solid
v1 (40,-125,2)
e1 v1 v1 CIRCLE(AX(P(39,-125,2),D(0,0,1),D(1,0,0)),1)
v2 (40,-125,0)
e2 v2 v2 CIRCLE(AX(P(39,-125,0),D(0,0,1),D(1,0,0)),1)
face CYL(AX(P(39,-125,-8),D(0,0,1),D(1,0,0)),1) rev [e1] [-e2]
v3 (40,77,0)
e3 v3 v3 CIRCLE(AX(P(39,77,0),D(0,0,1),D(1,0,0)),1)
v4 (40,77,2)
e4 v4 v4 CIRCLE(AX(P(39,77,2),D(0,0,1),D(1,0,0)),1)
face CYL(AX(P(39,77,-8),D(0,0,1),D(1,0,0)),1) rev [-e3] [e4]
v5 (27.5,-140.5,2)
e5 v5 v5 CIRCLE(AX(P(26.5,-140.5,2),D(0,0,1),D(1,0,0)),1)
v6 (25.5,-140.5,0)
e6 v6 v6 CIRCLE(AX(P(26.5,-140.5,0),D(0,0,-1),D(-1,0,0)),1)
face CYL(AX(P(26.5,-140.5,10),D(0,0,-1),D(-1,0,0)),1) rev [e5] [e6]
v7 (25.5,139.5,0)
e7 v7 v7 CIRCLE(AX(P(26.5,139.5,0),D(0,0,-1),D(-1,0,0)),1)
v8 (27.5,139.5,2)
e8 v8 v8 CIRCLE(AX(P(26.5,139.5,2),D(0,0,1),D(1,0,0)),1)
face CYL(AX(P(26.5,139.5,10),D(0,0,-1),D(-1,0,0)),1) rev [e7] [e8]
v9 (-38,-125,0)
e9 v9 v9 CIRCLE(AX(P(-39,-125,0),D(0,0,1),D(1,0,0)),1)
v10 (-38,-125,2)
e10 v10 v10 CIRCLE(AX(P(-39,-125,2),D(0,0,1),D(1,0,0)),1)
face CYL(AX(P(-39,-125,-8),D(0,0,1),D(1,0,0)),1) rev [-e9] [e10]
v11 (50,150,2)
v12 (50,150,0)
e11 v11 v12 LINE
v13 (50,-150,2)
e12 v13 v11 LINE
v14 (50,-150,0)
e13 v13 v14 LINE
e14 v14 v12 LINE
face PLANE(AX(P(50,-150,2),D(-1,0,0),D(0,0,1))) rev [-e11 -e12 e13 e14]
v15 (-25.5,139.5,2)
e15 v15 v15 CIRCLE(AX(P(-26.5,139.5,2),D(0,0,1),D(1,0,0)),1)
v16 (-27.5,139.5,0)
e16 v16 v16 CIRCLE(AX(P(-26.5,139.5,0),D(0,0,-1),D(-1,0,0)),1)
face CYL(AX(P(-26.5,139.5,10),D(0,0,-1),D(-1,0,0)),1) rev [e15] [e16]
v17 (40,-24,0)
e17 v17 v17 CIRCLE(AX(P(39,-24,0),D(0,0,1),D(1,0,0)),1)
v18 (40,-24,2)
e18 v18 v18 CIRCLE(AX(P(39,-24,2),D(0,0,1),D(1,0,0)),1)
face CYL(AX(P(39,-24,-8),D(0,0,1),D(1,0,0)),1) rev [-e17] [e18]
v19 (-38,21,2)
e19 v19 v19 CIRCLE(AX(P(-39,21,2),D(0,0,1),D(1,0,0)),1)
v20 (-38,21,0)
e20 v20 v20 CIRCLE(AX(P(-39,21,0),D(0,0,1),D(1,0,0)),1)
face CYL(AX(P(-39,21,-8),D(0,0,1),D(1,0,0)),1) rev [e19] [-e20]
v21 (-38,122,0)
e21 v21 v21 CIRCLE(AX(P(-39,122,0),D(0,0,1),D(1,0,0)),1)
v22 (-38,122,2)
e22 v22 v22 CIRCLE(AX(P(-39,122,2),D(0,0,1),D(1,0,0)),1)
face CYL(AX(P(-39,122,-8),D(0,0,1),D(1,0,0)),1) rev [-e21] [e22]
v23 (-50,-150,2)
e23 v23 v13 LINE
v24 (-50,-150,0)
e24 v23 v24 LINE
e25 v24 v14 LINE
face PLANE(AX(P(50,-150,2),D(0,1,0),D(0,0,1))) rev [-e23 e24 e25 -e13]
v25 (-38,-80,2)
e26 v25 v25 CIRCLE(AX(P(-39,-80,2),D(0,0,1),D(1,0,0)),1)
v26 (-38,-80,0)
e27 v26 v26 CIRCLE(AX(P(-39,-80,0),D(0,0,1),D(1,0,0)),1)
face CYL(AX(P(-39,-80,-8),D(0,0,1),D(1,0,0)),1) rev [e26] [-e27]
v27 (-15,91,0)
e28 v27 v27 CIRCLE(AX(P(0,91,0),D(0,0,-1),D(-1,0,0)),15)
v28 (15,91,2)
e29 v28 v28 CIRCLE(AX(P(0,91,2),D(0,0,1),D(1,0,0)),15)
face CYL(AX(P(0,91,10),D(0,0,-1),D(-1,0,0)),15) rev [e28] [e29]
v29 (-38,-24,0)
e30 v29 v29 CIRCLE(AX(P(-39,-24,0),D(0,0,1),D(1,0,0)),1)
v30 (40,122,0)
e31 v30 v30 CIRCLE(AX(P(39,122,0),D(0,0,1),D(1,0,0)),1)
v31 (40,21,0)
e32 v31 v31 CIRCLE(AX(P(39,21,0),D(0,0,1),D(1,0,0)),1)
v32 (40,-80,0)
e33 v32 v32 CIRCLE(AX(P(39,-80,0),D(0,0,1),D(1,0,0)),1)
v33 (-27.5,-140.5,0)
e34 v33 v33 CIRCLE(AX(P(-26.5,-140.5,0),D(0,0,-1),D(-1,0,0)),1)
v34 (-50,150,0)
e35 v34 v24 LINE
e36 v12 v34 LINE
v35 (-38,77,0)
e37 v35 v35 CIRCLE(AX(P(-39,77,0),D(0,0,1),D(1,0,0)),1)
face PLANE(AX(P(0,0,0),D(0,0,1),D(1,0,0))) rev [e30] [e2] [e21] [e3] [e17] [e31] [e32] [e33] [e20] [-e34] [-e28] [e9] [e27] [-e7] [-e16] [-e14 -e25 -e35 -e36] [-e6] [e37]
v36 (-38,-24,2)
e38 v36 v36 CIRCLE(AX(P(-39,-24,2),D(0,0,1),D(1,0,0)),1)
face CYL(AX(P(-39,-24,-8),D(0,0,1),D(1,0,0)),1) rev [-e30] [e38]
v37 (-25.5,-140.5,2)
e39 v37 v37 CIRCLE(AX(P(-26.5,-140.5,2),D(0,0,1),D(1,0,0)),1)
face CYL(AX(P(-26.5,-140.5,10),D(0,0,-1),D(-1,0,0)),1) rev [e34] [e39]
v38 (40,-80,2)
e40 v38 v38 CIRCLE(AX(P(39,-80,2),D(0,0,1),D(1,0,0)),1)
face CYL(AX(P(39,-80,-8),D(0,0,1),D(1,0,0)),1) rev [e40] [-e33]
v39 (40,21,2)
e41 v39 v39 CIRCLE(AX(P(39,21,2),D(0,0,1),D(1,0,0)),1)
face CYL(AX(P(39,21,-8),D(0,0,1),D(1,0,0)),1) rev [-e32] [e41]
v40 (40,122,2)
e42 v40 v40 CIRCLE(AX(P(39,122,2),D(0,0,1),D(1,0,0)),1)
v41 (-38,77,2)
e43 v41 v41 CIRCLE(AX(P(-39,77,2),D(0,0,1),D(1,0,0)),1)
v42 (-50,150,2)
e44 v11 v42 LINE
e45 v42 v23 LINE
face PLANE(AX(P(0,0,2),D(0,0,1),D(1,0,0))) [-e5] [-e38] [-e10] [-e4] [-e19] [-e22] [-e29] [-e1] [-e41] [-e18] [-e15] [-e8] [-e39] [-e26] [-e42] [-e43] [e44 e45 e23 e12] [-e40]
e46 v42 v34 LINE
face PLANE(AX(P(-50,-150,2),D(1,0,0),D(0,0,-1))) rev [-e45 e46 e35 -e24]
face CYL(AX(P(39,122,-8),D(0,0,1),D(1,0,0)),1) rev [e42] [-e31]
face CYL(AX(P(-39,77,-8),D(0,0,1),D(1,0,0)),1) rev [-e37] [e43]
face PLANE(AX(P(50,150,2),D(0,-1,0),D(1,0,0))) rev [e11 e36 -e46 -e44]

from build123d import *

# Parameters (mm, degrees)
SKETCH1_W           = 100
SKETCH1_H           = 300
BOSS_EXTRUDE1_DEPTH = 2
SKETCH2_R           = 1
CUT_EXTRUDE1_DEPTH  = 10
SKETCH3_R           = 15
CUT_EXTRUDE2_DEPTH  = 10
SKETCH4_R           = 1
CUT_EXTRUDE3_DEPTH  = 10


with BuildPart() as part:
    # Sketch1 → Boss-Extrude1 (new body)
    with BuildSketch(Plane.XY):
        Rectangle(SKETCH1_W, SKETCH1_H)
    extrude(amount=BOSS_EXTRUDE1_DEPTH)

    # Sketch2 → Cut-Extrude1 (cut)
    with BuildSketch(Plane.XY.offset(2)):
        with Locations((-39, 122)):
            Circle(SKETCH2_R)
        with Locations((-39, 77)):
            Circle(SKETCH2_R)
        with Locations((39, 122)):
            Circle(SKETCH2_R)
        with Locations((39, 77)):
            Circle(SKETCH2_R)
        with Locations((-39, 21)):
            Circle(SKETCH2_R)
        with Locations((-39, -24)):
            Circle(SKETCH2_R)
        with Locations((39, 21)):
            Circle(SKETCH2_R)
        with Locations((39, -24)):
            Circle(SKETCH2_R)
        with Locations((-39, -80)):
            Circle(SKETCH2_R)
        with Locations((-39, -125)):
            Circle(SKETCH2_R)
        with Locations((39, -80)):
            Circle(SKETCH2_R)
        with Locations((39, -125)):
            Circle(SKETCH2_R)
    extrude(amount=-CUT_EXTRUDE1_DEPTH, mode=Mode.SUBTRACT)

    # Sketch3 → Cut-Extrude2 (cut)
    with BuildSketch(Plane(origin=(0, 0, 0), x_dir=(-1, 0, 0), z_dir=(0, 0, -1))):
        with Locations((0, 91)):
            Circle(SKETCH3_R)
    extrude(amount=-CUT_EXTRUDE2_DEPTH, mode=Mode.SUBTRACT)

    # Sketch4 → Cut-Extrude3 (cut)
    with BuildSketch(Plane(origin=(0, 0, 0), x_dir=(-1, 0, 0), z_dir=(0, 0, -1))):
        with Locations((-26.5, 139.5)):
            Circle(SKETCH4_R)
        with Locations((26.5, 139.5)):
            Circle(SKETCH4_R)
        with Locations((-26.5, -140.5)):
            Circle(SKETCH4_R)
        with Locations((26.5, -140.5)):
            Circle(SKETCH4_R)
    extrude(amount=-CUT_EXTRUDE3_DEPTH, mode=Mode.SUBTRACT)


solid = part.part
